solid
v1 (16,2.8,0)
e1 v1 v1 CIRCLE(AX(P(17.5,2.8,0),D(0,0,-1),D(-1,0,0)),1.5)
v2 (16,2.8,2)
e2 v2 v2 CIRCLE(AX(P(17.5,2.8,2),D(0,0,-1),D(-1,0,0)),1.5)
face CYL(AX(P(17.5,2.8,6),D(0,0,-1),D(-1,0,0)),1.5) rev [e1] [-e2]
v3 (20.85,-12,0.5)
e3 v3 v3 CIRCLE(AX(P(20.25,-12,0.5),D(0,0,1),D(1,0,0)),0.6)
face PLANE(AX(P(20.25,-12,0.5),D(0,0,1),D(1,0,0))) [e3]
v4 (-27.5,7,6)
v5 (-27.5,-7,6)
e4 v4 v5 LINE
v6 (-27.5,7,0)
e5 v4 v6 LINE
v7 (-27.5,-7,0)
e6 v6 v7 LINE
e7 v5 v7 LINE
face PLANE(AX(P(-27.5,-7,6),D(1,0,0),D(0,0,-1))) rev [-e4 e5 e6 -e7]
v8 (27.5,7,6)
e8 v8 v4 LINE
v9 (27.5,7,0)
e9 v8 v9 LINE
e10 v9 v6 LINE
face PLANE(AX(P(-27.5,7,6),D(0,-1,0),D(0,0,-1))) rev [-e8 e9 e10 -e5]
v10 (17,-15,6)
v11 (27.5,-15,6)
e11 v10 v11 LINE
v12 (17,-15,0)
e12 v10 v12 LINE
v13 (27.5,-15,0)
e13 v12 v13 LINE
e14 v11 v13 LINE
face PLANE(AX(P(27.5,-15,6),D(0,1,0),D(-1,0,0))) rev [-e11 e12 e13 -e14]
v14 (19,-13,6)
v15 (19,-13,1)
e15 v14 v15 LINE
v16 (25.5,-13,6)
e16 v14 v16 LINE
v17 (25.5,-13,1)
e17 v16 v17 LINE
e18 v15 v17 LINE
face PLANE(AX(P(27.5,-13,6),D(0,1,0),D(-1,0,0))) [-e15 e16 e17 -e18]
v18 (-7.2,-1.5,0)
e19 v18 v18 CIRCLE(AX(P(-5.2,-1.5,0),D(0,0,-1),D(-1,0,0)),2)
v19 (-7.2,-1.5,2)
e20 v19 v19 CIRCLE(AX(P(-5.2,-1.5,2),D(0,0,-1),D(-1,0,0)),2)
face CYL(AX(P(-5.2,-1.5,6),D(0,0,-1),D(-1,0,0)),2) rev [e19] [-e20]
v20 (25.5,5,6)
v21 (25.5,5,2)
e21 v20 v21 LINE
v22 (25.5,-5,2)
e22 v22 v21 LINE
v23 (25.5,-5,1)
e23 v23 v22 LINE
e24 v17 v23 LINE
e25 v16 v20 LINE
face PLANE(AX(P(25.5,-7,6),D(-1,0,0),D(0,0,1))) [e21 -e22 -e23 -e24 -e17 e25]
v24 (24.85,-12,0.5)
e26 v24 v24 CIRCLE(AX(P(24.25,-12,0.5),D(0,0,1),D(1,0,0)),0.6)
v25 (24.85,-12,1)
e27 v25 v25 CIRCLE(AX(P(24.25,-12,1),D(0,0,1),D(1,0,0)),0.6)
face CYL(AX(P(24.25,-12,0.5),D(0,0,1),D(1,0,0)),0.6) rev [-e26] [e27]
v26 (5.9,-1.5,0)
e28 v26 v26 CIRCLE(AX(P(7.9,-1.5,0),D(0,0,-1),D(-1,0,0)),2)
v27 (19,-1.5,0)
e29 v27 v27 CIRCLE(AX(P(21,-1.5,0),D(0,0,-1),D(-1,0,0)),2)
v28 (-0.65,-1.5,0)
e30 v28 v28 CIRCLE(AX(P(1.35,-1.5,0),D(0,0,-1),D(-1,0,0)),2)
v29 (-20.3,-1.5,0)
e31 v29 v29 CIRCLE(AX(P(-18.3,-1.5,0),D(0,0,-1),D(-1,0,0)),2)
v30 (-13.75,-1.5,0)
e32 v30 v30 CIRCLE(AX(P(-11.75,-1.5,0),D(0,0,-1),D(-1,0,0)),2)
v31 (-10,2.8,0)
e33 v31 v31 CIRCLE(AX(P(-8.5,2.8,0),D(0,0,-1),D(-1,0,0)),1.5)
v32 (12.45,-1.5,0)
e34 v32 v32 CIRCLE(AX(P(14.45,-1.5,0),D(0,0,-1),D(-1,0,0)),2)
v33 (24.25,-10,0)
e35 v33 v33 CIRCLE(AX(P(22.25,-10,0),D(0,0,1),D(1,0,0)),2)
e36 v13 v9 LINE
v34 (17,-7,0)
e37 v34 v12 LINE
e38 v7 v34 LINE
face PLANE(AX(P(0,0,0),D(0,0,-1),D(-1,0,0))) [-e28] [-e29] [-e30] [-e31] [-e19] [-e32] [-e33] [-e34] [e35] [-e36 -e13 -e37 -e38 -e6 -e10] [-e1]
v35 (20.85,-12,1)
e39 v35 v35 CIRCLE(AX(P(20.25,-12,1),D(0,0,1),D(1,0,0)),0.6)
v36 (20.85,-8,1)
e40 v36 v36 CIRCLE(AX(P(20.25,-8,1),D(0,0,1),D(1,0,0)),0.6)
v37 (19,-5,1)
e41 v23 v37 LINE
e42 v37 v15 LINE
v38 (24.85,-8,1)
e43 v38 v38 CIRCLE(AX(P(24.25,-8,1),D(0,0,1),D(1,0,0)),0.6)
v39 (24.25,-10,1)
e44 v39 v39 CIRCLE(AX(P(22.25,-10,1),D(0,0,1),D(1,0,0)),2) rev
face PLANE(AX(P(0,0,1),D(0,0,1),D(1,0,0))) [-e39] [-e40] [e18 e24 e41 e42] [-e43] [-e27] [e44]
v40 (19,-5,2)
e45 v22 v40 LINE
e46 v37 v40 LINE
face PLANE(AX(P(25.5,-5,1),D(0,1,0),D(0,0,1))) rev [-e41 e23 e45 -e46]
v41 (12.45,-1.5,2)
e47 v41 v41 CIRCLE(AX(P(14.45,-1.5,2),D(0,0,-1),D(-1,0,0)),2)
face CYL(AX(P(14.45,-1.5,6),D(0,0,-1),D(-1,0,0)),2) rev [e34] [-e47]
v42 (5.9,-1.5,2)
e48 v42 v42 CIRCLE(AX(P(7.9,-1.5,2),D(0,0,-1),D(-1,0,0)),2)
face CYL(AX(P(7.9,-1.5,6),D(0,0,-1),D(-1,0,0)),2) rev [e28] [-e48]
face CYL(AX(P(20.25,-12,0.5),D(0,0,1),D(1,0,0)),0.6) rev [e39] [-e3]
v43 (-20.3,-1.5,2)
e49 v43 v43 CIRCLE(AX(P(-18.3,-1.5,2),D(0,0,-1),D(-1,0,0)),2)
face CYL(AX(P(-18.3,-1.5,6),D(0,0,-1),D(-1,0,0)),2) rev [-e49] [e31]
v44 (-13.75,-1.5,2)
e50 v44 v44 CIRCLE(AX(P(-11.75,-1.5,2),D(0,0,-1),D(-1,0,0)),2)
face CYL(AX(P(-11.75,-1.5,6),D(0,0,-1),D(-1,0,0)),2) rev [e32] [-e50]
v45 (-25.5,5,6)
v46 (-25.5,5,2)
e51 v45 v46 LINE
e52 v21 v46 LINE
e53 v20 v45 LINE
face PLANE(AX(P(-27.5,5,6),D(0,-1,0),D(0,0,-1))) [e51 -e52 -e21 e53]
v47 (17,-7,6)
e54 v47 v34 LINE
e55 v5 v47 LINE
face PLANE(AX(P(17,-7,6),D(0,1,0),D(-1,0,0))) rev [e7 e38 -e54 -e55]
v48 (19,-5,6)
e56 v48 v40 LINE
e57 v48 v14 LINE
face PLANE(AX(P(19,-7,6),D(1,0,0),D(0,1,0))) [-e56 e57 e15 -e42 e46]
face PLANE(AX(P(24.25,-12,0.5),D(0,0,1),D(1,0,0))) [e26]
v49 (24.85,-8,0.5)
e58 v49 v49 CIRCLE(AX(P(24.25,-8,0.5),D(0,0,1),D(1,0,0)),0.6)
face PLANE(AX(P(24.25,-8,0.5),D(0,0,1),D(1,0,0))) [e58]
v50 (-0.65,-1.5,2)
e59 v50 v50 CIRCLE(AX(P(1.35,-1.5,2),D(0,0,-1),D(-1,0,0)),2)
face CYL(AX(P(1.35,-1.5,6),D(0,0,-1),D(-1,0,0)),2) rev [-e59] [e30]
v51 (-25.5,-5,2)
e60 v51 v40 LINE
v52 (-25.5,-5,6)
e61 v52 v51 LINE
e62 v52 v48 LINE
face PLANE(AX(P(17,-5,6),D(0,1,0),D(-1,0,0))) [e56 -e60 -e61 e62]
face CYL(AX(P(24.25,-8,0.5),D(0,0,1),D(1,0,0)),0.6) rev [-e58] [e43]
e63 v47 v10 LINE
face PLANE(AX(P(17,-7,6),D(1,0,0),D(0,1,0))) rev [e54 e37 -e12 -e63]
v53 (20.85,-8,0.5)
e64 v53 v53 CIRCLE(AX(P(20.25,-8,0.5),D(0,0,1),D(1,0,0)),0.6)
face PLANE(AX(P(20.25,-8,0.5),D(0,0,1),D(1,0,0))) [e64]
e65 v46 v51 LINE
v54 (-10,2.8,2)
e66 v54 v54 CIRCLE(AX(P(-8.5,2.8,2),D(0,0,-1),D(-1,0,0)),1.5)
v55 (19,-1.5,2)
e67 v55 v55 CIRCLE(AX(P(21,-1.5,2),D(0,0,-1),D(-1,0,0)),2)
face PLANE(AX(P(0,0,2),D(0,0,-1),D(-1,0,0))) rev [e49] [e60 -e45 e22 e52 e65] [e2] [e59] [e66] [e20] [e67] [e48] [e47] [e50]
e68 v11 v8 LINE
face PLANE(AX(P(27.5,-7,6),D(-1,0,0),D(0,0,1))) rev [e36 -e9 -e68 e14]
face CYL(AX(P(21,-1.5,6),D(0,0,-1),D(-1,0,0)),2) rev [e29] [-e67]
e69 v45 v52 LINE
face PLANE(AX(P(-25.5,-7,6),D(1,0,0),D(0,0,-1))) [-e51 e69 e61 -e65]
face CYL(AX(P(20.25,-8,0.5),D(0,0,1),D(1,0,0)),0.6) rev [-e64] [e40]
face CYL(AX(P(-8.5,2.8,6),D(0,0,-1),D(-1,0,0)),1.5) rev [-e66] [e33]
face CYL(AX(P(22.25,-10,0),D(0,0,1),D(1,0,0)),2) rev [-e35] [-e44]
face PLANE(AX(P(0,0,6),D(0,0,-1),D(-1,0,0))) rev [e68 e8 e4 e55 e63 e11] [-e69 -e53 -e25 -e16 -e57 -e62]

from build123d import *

# Parameters (mm, degrees)
BOSS_EXTRUDE1_DEPTH = 6
SHELL1_T            = -2
SKETCH3_R           = 2
CUT_EXTRUDE1_DEPTH  = 32.894356868
SKETCH9_R           = 1.5
CUT_EXTRUDE6_DEPTH  = 32.894356868
SKETCH11_R          = 2
CUT_EXTRUDE7_DEPTH  = 32.579265349
SKETCH12_W          = 6.5
SKETCH12_H          = 8
CUT_EXTRUDE8_DEPTH  = 1
SKETCH13_R          = 0.6
CUT_EXTRUDE9_DEPTH  = 0.5


with BuildPart() as part:
    # Sketch1 → Boss-Extrude1 (new body)
    with BuildSketch(Plane.XY):
        Polygon((17, -7), (-27.5, -7), (-27.5, 7), (27.5, 7), (27.5, -7), (27.5, -15), (17, -15), align=None)
    extrude(amount=BOSS_EXTRUDE1_DEPTH)

    # Shell1
    shell1_openings = [part.faces().sort_by_distance(p)[0] for p in [
        (2.18852459, -1.081967213, 6),
    ]]
    offset(amount=SHELL1_T, openings=shell1_openings, kind=Kind.INTERSECTION)

    # Sketch3 → Cut-Extrude1 (cut, through all)
    with BuildSketch(Plane(origin=(0, 0, 0), x_dir=(-1, 0, 0), z_dir=(0, 0, -1))):
        with Locations((-21, -1.5)):
            Circle(SKETCH3_R)
        with Locations((-14.45, -1.5)):
            Circle(SKETCH3_R)
        with Locations((-7.9, -1.5)):
            Circle(SKETCH3_R)
        with Locations((-1.35, -1.5)):
            Circle(SKETCH3_R)
        with Locations((5.2, -1.5)):
            Circle(SKETCH3_R)
        with Locations((11.75, -1.5)):
            Circle(SKETCH3_R)
        with Locations((18.3, -1.5)):
            Circle(SKETCH3_R)
    extrude(amount=-CUT_EXTRUDE1_DEPTH, mode=Mode.SUBTRACT)

    # Sketch9 → Cut-Extrude6 (cut, through all)
    with BuildSketch(Plane(origin=(0, 0, 0), x_dir=(-1, 0, 0), z_dir=(0, 0, -1))):
        with Locations((-17.5, 2.8)):
            Circle(SKETCH9_R)
        with Locations((8.5, 2.8)):
            Circle(SKETCH9_R)
    extrude(amount=-CUT_EXTRUDE6_DEPTH, mode=Mode.SUBTRACT)

    # Sketch11 → Cut-Extrude7 (cut, through all)
    with BuildSketch(Plane.XY.offset(2)):
        with Locations((22.25, -10)):
            Circle(SKETCH11_R)
    extrude(amount=-CUT_EXTRUDE7_DEPTH, mode=Mode.SUBTRACT)

    # Sketch12 → Cut-Extrude8 (cut)
    with BuildSketch(Plane.XY.offset(2)):
        with Locations((22.25, -9)):
            Rectangle(SKETCH12_W, SKETCH12_H)
    extrude(amount=-CUT_EXTRUDE8_DEPTH, mode=Mode.SUBTRACT)

    # Sketch13 → Cut-Extrude9 (cut)
    with BuildSketch(Plane.XY.offset(1)):
        with Locations((20.25, -8)):
            Circle(SKETCH13_R)
        with Locations((24.25, -8)):
            Circle(SKETCH13_R)
        with Locations((24.25, -12)):
            Circle(SKETCH13_R)
        with Locations((20.25, -12)):
            Circle(SKETCH13_R)
    extrude(amount=-CUT_EXTRUDE9_DEPTH, mode=Mode.SUBTRACT)


solid = part.part
